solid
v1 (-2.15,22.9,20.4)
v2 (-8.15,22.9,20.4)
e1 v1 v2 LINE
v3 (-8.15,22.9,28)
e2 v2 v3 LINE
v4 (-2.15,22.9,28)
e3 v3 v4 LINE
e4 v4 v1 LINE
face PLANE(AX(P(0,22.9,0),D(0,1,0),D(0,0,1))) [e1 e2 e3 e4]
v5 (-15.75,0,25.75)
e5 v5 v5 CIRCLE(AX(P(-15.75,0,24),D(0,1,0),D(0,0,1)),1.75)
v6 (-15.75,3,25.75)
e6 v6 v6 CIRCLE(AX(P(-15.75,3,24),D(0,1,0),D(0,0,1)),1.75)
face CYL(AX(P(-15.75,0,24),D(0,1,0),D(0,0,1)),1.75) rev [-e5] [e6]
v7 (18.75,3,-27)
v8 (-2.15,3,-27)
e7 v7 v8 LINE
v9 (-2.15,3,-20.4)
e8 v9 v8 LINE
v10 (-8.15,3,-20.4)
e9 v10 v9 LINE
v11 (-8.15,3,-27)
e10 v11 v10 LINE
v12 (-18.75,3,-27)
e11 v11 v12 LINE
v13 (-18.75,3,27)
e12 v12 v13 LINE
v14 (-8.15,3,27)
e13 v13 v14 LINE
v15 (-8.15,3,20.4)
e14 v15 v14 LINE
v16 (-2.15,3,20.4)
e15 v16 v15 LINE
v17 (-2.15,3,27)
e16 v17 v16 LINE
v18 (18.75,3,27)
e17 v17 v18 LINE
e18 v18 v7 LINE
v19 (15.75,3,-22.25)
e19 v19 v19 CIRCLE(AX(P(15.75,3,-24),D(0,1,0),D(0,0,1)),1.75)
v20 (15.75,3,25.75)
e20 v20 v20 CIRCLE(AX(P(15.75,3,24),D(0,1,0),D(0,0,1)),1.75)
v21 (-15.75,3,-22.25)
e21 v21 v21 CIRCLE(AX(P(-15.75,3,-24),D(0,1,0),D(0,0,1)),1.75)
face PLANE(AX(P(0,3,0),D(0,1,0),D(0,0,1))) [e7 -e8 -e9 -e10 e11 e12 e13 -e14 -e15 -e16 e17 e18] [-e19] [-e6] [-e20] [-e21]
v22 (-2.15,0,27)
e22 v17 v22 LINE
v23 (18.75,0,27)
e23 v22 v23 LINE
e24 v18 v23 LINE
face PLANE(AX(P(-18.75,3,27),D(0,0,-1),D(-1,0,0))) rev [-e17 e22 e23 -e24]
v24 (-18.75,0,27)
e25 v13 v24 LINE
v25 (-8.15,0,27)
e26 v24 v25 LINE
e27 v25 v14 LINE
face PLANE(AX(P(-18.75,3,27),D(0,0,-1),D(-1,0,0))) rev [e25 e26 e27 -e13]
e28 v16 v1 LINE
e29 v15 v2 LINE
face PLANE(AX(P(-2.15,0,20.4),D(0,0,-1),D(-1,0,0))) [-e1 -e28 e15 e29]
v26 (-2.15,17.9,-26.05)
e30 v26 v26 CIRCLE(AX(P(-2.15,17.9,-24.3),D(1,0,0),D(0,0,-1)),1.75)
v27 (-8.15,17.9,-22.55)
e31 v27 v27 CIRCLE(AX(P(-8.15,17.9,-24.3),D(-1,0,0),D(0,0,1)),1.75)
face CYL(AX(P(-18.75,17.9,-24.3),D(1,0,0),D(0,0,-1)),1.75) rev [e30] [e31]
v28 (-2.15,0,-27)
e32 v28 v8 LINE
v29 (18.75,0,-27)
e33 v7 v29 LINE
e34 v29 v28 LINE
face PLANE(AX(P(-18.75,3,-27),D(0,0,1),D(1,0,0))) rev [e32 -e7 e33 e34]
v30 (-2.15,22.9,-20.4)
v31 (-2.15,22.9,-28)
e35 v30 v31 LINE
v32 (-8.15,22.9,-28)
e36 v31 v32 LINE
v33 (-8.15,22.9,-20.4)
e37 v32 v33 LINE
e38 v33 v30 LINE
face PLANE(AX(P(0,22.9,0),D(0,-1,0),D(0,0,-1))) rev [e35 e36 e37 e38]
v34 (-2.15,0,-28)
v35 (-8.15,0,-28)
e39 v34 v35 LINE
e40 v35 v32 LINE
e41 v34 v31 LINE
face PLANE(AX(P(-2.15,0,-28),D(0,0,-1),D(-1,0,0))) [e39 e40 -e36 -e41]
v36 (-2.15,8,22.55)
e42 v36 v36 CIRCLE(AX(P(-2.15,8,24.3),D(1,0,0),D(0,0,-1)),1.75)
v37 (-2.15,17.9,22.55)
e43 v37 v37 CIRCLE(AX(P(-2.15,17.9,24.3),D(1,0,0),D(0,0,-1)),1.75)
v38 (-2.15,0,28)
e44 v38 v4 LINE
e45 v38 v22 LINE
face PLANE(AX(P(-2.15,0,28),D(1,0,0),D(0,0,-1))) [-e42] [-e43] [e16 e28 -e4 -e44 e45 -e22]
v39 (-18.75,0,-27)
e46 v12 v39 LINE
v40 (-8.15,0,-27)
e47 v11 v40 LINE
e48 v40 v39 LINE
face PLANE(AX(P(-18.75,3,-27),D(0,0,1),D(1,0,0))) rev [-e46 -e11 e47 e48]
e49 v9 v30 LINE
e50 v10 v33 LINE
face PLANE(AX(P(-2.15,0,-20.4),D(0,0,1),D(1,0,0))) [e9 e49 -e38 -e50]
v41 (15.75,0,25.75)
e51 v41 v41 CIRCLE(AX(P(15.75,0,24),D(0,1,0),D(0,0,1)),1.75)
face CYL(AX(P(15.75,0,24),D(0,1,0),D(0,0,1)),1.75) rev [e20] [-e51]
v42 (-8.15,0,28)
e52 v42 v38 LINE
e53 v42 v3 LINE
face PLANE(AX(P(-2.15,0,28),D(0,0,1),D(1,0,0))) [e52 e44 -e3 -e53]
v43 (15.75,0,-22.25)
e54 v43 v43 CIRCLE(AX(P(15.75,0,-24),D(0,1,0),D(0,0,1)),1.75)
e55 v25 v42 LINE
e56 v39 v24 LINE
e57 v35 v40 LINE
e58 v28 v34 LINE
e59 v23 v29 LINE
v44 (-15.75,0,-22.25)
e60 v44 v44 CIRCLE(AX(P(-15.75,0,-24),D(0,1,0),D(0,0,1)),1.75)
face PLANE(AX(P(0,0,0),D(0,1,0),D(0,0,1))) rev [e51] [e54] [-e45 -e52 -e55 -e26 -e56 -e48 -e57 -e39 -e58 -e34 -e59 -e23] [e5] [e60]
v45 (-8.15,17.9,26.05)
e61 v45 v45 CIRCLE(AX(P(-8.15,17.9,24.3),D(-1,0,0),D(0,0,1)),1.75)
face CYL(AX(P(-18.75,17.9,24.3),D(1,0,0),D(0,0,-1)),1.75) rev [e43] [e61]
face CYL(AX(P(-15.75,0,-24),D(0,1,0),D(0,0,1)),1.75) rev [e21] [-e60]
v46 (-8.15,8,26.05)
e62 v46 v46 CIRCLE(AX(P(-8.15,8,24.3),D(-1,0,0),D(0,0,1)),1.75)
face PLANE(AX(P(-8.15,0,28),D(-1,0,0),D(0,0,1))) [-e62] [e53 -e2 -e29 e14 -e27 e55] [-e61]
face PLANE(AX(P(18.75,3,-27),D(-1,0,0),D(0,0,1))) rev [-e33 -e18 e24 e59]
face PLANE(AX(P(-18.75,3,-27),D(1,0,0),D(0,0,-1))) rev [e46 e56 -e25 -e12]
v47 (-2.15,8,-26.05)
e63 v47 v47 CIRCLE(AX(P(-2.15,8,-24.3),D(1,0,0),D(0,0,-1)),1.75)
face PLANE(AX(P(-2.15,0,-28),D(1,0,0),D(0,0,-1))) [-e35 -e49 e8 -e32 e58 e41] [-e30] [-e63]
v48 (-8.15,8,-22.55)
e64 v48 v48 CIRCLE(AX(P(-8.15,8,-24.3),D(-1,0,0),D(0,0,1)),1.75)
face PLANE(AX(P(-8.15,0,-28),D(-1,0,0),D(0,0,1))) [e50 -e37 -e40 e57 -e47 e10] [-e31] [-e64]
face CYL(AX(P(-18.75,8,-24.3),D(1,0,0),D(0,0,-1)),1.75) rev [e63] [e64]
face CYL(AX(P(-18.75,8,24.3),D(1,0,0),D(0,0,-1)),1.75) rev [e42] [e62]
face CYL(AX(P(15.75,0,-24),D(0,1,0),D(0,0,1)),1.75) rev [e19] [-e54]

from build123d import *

# Parameters (mm, degrees)
SKETCH_1_W           = 37.5
SKETCH_1_H           = 54
EXTRUDE_1_DEPTH      = 3
EXTRUDE_2_DEPTH      = 19.9
EXTRUDE_2_DEPTH_BACK = 3
SKETCH_2_W           = 6
SKETCH_2_H           = 7.6
SKETCH_3_R           = 1.75
CUT_EXTRUDE_1_DEPTH  = 42.775830333
SKETCH_4_R           = 1.75
CUT_EXTRUDE_2_DEPTH  = 40.135310143


with BuildPart() as part:
    # 草图1 → 凸台-拉伸1 (new body)
    with BuildSketch(Plane(origin=(0, 0, 0), x_dir=(1, 0, 0), z_dir=(0, 1, 0))):
        Rectangle(SKETCH_1_W, SKETCH_1_H)
    extrude(amount=EXTRUDE_1_DEPTH)

    # 草图2 → 凸台-拉伸2 (add, two sides: drawn at the far end of the back side and taken through both)
    with BuildSketch(Plane(origin=(0, 3, 0), x_dir=(1, 0, 0), z_dir=(0, 1, 0)).offset(-EXTRUDE_2_DEPTH_BACK)):
        with Locations((-5.15, -24.2)):
            Rectangle(SKETCH_2_W, SKETCH_2_H)
        with Locations((-5.15, 24.2)):
            Rectangle(SKETCH_2_W, SKETCH_2_H)
    extrude(amount=EXTRUDE_2_DEPTH + EXTRUDE_2_DEPTH_BACK)

    # 草图3 → 切除-拉伸1 (cut, through all)
    with BuildSketch(Plane(origin=(-2.15, 0, 0), x_dir=(0, 0, -1), z_dir=(1, 0, 0))):
        with Locations((-24.3, 17.9)):
            Circle(SKETCH_3_R)
        with Locations((-24.3, 8)):
            Circle(SKETCH_3_R)
        with Locations((24.3, 8)):
            Circle(SKETCH_3_R)
        with Locations((24.3, 17.9)):
            Circle(SKETCH_3_R)
    extrude(amount=-CUT_EXTRUDE_1_DEPTH, mode=Mode.SUBTRACT)

    # 草图4 → 切除-拉伸2 (cut, through all)
    with BuildSketch(Plane(origin=(0, 3, 0), x_dir=(1, 0, 0), z_dir=(0, 1, 0))):
        with Locations(Location((-15.75, 24, 0), (0, 0, 270))):
            Circle(SKETCH_4_R)
        with Locations(Location((-15.75, -24, 0), (0, 0, 270))):
            Circle(SKETCH_4_R)
        with Locations(Location((15.75, -24, 0), (0, 0, 270))):
            Circle(SKETCH_4_R)
        with Locations(Location((15.75, 24, 0), (0, 0, 270))):
            Circle(SKETCH_4_R)
    extrude(amount=-CUT_EXTRUDE_2_DEPTH, mode=Mode.SUBTRACT)


solid = part.part
